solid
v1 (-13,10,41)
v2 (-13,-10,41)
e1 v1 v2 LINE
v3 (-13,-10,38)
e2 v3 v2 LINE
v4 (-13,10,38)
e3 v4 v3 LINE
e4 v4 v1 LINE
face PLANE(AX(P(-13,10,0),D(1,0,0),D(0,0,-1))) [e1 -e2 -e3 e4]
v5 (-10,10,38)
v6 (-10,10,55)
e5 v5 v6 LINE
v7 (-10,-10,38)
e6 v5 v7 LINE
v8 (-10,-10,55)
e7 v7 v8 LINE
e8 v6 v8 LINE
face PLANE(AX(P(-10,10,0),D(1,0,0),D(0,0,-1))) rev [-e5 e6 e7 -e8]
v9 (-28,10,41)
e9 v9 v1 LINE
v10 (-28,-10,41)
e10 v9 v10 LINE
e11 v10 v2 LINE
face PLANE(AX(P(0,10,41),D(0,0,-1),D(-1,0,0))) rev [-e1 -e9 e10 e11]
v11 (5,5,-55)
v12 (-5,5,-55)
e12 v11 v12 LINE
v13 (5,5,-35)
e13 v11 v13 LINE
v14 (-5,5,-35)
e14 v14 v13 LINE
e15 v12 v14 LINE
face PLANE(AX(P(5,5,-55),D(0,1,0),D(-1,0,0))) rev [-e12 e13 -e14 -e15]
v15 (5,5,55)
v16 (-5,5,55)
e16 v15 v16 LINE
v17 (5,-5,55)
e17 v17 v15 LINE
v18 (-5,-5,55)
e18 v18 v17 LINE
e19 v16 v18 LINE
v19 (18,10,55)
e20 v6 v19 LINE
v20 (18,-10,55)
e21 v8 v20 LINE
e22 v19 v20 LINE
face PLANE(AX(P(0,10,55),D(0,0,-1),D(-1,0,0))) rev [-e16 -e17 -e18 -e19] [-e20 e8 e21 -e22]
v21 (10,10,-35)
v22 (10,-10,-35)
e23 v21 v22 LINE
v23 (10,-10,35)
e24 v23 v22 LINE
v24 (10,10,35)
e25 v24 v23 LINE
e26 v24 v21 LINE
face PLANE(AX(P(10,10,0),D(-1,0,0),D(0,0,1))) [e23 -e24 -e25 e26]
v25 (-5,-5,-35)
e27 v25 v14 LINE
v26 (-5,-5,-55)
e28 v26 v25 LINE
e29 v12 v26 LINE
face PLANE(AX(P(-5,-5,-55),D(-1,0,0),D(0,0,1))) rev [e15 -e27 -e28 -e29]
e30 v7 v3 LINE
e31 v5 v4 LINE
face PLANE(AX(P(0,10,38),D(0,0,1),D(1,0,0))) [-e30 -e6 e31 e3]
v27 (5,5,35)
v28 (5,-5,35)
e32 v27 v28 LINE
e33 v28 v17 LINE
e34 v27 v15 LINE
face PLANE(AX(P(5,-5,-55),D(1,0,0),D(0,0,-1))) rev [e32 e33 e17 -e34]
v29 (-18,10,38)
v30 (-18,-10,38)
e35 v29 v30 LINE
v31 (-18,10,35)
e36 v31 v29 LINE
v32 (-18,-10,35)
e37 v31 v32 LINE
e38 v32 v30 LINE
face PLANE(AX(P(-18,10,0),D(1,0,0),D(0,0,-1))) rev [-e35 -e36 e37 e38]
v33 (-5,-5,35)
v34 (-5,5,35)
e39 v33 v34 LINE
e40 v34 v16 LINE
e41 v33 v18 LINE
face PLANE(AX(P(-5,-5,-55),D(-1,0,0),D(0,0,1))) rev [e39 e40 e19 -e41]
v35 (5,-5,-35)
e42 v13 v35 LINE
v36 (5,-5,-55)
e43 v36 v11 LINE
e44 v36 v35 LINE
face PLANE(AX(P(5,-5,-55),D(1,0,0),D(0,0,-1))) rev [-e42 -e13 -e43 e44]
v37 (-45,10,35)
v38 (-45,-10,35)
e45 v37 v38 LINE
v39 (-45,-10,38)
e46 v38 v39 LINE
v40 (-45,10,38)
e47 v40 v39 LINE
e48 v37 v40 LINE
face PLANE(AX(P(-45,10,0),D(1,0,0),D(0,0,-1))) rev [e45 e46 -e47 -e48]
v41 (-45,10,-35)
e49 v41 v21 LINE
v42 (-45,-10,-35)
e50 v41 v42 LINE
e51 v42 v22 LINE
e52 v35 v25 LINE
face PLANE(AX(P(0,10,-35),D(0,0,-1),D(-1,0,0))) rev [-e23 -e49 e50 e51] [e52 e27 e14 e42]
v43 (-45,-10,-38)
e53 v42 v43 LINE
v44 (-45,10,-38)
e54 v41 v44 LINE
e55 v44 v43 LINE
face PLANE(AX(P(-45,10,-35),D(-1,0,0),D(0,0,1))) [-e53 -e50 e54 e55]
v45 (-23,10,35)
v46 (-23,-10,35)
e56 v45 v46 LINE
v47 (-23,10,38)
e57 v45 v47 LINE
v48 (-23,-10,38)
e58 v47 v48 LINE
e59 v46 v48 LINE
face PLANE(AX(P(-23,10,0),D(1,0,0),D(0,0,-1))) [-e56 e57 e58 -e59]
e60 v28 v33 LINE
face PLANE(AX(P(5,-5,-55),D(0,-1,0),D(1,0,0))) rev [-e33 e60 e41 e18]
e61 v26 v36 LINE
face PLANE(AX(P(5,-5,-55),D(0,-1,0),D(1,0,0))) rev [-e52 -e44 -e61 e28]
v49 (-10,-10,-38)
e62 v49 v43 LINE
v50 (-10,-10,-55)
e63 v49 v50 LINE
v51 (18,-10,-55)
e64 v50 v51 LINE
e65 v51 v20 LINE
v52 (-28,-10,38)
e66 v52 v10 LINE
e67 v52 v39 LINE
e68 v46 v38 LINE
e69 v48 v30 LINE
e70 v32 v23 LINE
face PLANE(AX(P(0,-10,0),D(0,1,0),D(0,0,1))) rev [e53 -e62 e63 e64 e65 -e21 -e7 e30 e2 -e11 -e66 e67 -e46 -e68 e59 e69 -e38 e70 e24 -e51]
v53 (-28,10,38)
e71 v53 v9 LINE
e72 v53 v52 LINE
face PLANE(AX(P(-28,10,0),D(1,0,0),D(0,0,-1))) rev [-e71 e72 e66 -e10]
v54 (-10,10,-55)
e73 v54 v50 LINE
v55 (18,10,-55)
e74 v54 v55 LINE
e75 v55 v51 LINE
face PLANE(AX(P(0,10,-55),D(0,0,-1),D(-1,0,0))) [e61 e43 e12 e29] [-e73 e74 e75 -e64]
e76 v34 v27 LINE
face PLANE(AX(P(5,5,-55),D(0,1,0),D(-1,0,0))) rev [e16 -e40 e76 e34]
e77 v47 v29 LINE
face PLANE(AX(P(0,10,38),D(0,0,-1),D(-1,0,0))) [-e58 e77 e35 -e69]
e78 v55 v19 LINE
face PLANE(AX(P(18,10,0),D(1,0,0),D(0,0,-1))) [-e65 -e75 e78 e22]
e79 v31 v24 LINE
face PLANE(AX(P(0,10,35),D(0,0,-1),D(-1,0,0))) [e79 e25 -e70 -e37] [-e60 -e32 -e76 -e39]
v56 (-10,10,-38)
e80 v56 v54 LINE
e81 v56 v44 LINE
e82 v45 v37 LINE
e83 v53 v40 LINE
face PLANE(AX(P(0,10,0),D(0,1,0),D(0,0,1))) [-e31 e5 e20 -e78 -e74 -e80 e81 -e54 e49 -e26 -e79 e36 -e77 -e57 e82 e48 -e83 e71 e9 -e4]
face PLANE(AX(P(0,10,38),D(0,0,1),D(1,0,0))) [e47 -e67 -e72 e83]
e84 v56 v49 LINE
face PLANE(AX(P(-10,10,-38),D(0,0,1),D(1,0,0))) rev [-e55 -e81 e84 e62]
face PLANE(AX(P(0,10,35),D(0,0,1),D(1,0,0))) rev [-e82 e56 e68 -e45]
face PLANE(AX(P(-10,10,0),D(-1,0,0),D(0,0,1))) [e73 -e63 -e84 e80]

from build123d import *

# Parameters (mm, degrees)
SKETCH1_W           = 20
SKETCH1_H           = 20
BOSS_EXTRUDE1_DEPTH = 10
SKETCH3_W           = 10
SKETCH3_H           = 10
CUT_EXTRUDE1_DEPTH  = 111
SKETCH4_W           = 35
SKETCH4_H           = 3
BOSS_EXTRUDE2_DEPTH = 10


with BuildPart() as part:
    # Sketch1 → Boss-Extrude1 (new body, symmetric)
    with BuildSketch(Plane(origin=(0, 0, 0), x_dir=(1, 0, 0), z_dir=(0, 1, 0))):
        Polygon((10, 35), (10, -35), (10, -55), (18, -55), (18, 55), (10, 55), align=None)
        with Locations((0, -45)):
            Rectangle(SKETCH1_W, SKETCH1_H)
        with Locations((0, 45)):
            Rectangle(SKETCH1_W, SKETCH1_H)
    extrude(amount=BOSS_EXTRUDE1_DEPTH, both=True)

    # Sketch3 → Cut-Extrude1 (cut, through all)
    with BuildSketch(Plane.XY.offset(55)):
        Rectangle(SKETCH3_W, SKETCH3_H)
    extrude(amount=-CUT_EXTRUDE1_DEPTH, mode=Mode.SUBTRACT)

    # Sketch4 → Boss-Extrude2 (add, symmetric)
    with BuildSketch(Plane(origin=(0, 0, 0), x_dir=(1, 0, 0), z_dir=(0, 1, 0))):
        Polygon((-10, -38), (-10, -35), (-18, -35), (-18, -38), (-23, -38), (-23, -35), (-45, -35), (-45, -38), (-28, -38), (-28, -41), (-13, -41), (-13, -38), align=None)
        with Locations((-27.5, 36.5)):
            Rectangle(SKETCH4_W, SKETCH4_H)
    extrude(amount=BOSS_EXTRUDE2_DEPTH, both=True)


solid = part.part
